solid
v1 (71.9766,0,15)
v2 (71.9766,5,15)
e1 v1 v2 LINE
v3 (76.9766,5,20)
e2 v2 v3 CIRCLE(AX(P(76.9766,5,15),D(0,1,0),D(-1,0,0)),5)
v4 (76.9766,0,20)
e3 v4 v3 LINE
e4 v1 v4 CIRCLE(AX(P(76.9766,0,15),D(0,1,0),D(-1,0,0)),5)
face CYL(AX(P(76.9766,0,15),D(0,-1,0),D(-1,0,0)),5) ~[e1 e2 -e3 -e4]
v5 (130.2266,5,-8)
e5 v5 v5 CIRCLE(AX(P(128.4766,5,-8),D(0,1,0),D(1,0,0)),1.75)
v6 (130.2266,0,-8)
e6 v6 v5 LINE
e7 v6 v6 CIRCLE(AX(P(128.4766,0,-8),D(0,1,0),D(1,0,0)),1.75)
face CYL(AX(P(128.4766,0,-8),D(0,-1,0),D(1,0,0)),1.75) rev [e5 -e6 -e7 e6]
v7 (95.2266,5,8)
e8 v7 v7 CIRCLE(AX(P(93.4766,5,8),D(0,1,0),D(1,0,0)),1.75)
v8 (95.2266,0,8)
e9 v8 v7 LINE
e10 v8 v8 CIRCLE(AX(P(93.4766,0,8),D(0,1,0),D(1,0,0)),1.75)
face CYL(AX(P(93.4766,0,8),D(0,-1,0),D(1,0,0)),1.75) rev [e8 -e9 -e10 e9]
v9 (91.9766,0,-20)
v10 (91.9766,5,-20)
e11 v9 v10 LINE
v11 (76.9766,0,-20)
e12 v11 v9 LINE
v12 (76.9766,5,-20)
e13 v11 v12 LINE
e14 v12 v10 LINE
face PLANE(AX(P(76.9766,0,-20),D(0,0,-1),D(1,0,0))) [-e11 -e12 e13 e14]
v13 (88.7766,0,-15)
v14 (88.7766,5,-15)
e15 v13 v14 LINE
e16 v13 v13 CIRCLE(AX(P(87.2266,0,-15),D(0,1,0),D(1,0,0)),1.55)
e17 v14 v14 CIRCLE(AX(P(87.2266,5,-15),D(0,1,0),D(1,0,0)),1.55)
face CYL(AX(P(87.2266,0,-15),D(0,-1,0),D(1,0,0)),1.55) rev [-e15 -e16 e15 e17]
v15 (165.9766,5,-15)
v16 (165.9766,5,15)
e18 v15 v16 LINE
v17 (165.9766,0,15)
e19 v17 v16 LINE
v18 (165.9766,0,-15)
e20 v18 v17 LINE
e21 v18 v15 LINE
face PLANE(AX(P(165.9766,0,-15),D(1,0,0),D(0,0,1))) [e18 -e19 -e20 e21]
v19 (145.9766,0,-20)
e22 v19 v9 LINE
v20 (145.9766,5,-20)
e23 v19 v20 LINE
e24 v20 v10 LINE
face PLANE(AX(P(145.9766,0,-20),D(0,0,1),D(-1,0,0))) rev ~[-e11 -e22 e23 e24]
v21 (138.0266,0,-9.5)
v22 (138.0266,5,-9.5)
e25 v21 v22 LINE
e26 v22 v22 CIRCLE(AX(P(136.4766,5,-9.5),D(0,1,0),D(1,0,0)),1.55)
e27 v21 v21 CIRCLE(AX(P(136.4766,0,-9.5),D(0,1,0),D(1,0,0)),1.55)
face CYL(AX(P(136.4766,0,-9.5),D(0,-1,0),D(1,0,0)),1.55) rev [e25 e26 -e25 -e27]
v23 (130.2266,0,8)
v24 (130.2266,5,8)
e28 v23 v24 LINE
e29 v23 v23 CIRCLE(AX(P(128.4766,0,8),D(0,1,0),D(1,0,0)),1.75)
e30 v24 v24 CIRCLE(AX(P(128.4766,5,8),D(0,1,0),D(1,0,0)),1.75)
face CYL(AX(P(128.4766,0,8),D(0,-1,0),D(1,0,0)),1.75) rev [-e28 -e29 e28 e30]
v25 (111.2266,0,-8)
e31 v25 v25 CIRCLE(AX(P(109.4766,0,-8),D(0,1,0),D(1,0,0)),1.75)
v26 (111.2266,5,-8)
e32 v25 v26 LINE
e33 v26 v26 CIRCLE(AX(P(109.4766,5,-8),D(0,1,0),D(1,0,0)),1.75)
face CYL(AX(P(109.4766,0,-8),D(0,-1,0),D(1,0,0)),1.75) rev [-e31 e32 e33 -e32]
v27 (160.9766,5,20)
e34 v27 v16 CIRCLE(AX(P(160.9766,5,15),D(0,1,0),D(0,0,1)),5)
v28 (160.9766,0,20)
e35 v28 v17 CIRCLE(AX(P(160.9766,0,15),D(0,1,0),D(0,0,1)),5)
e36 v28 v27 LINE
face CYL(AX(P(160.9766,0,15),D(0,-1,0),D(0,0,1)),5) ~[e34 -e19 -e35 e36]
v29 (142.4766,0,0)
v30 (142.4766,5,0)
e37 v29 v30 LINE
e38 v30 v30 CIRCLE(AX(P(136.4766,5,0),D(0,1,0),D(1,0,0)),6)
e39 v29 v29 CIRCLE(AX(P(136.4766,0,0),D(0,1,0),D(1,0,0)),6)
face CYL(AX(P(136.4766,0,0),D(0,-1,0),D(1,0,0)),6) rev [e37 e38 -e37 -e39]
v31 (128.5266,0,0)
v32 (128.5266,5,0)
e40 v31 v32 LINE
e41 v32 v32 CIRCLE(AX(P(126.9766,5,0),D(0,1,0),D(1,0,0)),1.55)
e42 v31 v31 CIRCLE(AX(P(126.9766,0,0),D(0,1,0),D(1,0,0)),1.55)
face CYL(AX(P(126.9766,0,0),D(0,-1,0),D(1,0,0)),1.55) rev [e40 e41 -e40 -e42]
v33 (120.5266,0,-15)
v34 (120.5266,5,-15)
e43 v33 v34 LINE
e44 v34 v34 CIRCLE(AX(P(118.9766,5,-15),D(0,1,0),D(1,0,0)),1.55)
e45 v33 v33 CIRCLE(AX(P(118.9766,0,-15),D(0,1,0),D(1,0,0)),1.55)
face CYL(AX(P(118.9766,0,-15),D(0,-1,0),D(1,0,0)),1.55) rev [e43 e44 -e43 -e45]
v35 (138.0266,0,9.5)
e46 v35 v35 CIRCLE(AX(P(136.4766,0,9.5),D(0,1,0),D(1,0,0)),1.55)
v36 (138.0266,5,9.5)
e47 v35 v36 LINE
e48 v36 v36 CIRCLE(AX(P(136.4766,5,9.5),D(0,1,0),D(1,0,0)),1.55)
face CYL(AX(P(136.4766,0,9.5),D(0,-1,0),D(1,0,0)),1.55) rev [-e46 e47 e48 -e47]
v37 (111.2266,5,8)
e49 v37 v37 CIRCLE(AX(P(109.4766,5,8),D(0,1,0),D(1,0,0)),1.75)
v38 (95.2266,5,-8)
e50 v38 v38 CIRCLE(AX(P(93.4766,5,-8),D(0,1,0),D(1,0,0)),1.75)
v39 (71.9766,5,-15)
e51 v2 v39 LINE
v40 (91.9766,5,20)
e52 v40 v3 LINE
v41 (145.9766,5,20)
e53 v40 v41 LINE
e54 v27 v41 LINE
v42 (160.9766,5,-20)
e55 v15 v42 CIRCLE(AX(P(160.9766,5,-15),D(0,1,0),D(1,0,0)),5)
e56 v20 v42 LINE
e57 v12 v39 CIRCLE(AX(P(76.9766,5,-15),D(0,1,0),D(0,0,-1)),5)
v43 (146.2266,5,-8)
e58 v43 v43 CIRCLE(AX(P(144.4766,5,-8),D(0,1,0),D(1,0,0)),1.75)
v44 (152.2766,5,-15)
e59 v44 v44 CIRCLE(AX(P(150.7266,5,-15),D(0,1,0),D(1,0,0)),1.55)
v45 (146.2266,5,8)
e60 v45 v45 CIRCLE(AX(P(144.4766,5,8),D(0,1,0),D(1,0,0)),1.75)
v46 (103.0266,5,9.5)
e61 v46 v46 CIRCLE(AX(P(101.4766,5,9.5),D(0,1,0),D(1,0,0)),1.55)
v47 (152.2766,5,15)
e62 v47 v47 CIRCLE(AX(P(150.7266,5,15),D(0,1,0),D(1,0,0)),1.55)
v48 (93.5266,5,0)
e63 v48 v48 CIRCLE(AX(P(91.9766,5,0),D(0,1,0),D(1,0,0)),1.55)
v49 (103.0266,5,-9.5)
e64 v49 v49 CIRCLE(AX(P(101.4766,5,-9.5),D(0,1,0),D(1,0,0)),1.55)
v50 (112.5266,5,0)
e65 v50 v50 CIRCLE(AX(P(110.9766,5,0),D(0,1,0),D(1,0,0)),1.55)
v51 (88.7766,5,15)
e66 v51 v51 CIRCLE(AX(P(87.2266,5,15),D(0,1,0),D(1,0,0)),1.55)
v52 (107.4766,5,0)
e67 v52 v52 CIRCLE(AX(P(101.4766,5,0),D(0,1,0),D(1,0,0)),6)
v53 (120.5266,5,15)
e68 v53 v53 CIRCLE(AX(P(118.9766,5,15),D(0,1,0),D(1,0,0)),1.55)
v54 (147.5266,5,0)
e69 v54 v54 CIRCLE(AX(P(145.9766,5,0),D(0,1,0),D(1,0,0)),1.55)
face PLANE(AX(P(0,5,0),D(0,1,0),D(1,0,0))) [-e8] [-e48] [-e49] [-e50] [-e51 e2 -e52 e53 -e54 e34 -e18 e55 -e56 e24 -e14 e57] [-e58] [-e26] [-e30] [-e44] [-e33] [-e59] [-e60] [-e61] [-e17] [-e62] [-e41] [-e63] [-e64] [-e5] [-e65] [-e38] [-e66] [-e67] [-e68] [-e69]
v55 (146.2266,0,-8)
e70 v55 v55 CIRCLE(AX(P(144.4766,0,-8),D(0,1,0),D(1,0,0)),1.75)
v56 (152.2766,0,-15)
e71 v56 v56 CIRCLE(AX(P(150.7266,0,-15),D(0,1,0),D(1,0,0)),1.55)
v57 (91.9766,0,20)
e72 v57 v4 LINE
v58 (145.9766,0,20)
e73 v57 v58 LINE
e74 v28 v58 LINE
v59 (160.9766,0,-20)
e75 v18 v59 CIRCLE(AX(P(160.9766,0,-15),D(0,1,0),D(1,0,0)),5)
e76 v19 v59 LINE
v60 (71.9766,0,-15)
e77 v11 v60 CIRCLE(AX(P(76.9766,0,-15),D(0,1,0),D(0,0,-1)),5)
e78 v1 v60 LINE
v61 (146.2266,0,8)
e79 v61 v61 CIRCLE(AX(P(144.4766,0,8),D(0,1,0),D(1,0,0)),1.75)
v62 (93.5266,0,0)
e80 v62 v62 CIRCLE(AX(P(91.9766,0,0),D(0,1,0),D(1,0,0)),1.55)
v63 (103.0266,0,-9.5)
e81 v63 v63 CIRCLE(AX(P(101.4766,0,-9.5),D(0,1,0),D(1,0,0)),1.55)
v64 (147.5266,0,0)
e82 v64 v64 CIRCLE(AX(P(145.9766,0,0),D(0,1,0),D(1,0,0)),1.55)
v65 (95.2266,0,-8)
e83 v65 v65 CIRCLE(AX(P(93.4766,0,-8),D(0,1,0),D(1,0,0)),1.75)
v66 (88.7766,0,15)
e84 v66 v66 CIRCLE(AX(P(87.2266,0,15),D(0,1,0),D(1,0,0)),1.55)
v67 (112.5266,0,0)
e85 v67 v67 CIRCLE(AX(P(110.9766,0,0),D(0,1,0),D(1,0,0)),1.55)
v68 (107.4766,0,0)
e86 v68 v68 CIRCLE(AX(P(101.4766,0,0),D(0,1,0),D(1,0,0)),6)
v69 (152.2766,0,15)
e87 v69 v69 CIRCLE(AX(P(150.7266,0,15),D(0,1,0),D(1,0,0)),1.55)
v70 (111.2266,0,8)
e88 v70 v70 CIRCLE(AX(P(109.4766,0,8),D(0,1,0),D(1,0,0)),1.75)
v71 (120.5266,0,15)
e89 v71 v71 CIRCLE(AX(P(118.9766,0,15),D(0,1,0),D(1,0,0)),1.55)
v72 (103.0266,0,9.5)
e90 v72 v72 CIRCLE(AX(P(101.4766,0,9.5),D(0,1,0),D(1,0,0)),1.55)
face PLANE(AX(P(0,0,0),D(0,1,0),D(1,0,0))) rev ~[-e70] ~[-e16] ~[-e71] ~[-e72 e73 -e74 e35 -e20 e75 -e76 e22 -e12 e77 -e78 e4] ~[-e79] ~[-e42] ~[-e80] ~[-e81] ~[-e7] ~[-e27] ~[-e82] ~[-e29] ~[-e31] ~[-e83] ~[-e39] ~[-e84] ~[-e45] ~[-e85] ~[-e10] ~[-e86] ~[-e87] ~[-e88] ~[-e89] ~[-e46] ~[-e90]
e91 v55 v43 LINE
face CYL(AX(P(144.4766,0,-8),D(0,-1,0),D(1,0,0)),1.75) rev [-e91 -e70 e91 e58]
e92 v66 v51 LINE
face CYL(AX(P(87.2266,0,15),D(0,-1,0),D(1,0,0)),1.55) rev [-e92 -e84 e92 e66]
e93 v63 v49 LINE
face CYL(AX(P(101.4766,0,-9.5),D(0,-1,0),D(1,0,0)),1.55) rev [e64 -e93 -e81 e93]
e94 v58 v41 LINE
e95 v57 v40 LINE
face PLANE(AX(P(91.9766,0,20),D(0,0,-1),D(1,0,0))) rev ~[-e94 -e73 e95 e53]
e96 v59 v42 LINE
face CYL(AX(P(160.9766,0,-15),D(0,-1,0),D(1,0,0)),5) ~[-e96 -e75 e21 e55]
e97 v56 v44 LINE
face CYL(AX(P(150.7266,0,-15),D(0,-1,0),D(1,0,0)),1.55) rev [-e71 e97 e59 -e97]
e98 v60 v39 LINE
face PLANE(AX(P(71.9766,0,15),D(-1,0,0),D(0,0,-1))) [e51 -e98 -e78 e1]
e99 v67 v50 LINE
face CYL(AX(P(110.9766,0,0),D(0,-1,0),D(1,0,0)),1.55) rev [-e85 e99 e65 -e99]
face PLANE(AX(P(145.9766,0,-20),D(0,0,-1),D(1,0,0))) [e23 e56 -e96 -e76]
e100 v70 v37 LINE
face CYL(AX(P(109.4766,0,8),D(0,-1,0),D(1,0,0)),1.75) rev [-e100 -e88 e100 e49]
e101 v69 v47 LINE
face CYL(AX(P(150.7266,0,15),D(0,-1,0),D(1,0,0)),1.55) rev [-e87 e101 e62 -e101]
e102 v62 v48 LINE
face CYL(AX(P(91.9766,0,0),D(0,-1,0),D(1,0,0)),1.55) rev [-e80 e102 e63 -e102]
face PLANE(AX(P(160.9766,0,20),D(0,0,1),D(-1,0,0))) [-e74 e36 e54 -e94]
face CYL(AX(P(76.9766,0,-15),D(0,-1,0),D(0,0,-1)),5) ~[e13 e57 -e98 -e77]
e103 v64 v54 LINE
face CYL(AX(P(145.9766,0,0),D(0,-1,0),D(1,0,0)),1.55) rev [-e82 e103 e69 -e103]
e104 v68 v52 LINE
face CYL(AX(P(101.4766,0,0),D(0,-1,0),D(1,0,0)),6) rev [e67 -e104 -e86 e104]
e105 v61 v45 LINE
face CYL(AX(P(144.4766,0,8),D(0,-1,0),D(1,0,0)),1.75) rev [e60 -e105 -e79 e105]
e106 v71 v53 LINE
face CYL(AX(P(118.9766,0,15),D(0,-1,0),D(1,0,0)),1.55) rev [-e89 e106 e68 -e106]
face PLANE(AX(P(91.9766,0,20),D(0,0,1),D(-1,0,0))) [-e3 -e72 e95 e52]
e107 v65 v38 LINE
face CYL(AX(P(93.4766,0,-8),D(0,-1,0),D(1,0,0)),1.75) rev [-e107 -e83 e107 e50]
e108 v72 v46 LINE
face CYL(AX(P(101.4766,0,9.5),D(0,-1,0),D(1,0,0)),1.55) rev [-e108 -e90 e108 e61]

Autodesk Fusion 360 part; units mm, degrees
sketch "Sketch1" plane through (0, 0, 0) normal (0, 1, 0) x (1, 0, 0)
  circle A0 centre (101.4766, 0) radius 9.5 construction
  circle A1 centre (136.4766, 0) radius 9.5 construction
  circle A2 centre (101.4766, 0) radius 16.5 construction
  circle A3 centre (136.4766, 0) radius 16.5 construction
  circle A4 centre (101.4766, -9.5) radius 1.55
  circle A5 centre (110.9766, 0) radius 1.55
  circle A6 centre (101.4766, 9.5) radius 1.55
  circle A7 centre (91.9766, 0) radius 1.55
  circle A8 centre (136.4766, -9.5) radius 1.55
  circle A9 centre (145.9766, 0) radius 1.55
  circle A10 centre (136.4766, 9.5) radius 1.55
  circle A11 centre (126.9766, 0) radius 1.55
  circle A12 centre (118.9766, -15) radius 1.55
  circle A13 centre (118.9766, 15) radius 1.55
  line L0 (91.9766, -20) -> (145.9766, -20)
  line L1 (145.9766, 20) -> (91.9766, 20)
  line L2 (91.9766, 0) -> (145.9766, 0) construction
  circle A14 centre (101.4766, 0) radius 6
  circle A15 centre (136.4766, 0) radius 6
  line L3 (76.9766, 20) -> (160.9766, 20)
  line L4 (165.9766, 15) -> (165.9766, -15)
  line L5 (160.9766, -20) -> (76.9766, -20)
  line L6 (71.9766, -15) -> (71.9766, 15)
  line L7 (71.9766, 20) -> (165.9766, -20) construction
  line L8 (165.9766, 20) -> (71.9766, -20) construction
  arc A16 (71.9766, -15) -> (76.9766, -20) centre (76.9766, -15) ccw
  arc A17 (76.9766, 20) -> (71.9766, 15) centre (76.9766, 15) ccw
  arc A18 (165.9766, 15) -> (160.9766, 20) centre (160.9766, 15) ccw
  arc A19 (160.9766, -20) -> (165.9766, -15) centre (160.9766, -15) ccw
  line L9 (93.4766, -8) -> (109.4766, -8) construction
  line L10 (109.4766, -8) -> (109.4766, 8) construction
  line L11 (109.4766, 8) -> (93.4766, 8) construction
  line L12 (93.4766, 8) -> (93.4766, -8) construction
  line L13 (93.4766, -8) -> (109.4766, 8) construction
  line L14 (109.4766, -8) -> (93.4766, 8) construction
  line L15 (128.4766, -8) -> (144.4766, -8) construction
  line L16 (144.4766, -8) -> (144.4766, 8) construction
  line L17 (144.4766, 8) -> (128.4766, 8) construction
  line L18 (128.4766, 8) -> (128.4766, -8) construction
  line L19 (128.4766, -8) -> (144.4766, 8) construction
  line L20 (144.4766, -8) -> (128.4766, 8) construction
  circle A20 centre (93.4766, -8) radius 1.75
  circle A21 centre (109.4766, -8) radius 1.75
  circle A22 centre (93.4766, 8) radius 1.75
  circle A23 centre (109.4766, 8) radius 1.75
  circle A24 centre (128.4766, -8) radius 1.75
  circle A25 centre (144.4766, -8) radius 1.75
  circle A26 centre (128.4766, 8) radius 1.75
  circle A27 centre (144.4766, 8) radius 1.75
  circle A28 centre (87.2266, -15) radius 1.55
  circle A29 centre (87.2266, 15) radius 1.55
  circle A30 centre (150.7266, -15) radius 1.55
  circle A31 centre (150.7266, 15) radius 1.55
  point P0 (101.4766, 0)
  point P1 (136.4766, 0)
  point P2 (118.9766, 0)
  point P3 (101.4766, 0)
  point P4 (136.4766, 0)
  point P5 (118.9766, 0)
  point P6 (101.4766, 0)
  point P7 (136.4766, 0)
  dimension "d1" = 19
  dimension "d3" = 33
  dimension "d4" = 33
  dimension "d6" = 35
  dimension "d7" = 3.1
  dimension "d9" = 360
  dimension "d10" = 3.1
  dimension "d12" = 360
  dimension "d17" = 17.5
  dimension "d18" = 3.1
  dimension "d19" = 3.1
  dimension "d24" = 12
  dimension "d25" = 12
  dimension "d38" = 94
  dimension "d39" = 40
  dimension "d40" = 5
  dimension "d45" = 16
  dimension "d46" = 16
  dimension "d47" = 16
  dimension "d48" = 16
  dimension "d49" = 3.5
  dimension "d50" = 3.5
  dimension "d51" = 3.5
  dimension "d52" = 3.5
  dimension "d53" = 3.5
  dimension "d54" = 3.5
  dimension "d55" = 3.5
  dimension "d56" = 3.5
  dimension "d57" = 3.1
  dimension "d58" = 3.1
  dimension "d59" = 3.1
  dimension "d60" = 3.1
  dimension "d61" = 15
  dimension "d62" = 15
  dimension "d63" = 15
  dimension "d64" = 15
  dimension "d65" = 31.75
  dimension "d66" = 31.75
  dimension "d67" = 31.75
  dimension "d68" = 31.75
extrude "Extrude1" add sketch "Sketch1" along normal blind 5
equation "d17 = d6 / 2"
equation "d49 = d54"
equation "d50 = d54"
equation "d51 = d54"
equation "d52 = d54"
equation "d53 = d54"
equation "d55 = d54"
equation "d56 = d54"
equation "d61 = d63"
equation "d62 = d63"
equation "d64 = d63"
equation "d66 = d65"
equation "d67 = d65"
equation "d68 = d65"
